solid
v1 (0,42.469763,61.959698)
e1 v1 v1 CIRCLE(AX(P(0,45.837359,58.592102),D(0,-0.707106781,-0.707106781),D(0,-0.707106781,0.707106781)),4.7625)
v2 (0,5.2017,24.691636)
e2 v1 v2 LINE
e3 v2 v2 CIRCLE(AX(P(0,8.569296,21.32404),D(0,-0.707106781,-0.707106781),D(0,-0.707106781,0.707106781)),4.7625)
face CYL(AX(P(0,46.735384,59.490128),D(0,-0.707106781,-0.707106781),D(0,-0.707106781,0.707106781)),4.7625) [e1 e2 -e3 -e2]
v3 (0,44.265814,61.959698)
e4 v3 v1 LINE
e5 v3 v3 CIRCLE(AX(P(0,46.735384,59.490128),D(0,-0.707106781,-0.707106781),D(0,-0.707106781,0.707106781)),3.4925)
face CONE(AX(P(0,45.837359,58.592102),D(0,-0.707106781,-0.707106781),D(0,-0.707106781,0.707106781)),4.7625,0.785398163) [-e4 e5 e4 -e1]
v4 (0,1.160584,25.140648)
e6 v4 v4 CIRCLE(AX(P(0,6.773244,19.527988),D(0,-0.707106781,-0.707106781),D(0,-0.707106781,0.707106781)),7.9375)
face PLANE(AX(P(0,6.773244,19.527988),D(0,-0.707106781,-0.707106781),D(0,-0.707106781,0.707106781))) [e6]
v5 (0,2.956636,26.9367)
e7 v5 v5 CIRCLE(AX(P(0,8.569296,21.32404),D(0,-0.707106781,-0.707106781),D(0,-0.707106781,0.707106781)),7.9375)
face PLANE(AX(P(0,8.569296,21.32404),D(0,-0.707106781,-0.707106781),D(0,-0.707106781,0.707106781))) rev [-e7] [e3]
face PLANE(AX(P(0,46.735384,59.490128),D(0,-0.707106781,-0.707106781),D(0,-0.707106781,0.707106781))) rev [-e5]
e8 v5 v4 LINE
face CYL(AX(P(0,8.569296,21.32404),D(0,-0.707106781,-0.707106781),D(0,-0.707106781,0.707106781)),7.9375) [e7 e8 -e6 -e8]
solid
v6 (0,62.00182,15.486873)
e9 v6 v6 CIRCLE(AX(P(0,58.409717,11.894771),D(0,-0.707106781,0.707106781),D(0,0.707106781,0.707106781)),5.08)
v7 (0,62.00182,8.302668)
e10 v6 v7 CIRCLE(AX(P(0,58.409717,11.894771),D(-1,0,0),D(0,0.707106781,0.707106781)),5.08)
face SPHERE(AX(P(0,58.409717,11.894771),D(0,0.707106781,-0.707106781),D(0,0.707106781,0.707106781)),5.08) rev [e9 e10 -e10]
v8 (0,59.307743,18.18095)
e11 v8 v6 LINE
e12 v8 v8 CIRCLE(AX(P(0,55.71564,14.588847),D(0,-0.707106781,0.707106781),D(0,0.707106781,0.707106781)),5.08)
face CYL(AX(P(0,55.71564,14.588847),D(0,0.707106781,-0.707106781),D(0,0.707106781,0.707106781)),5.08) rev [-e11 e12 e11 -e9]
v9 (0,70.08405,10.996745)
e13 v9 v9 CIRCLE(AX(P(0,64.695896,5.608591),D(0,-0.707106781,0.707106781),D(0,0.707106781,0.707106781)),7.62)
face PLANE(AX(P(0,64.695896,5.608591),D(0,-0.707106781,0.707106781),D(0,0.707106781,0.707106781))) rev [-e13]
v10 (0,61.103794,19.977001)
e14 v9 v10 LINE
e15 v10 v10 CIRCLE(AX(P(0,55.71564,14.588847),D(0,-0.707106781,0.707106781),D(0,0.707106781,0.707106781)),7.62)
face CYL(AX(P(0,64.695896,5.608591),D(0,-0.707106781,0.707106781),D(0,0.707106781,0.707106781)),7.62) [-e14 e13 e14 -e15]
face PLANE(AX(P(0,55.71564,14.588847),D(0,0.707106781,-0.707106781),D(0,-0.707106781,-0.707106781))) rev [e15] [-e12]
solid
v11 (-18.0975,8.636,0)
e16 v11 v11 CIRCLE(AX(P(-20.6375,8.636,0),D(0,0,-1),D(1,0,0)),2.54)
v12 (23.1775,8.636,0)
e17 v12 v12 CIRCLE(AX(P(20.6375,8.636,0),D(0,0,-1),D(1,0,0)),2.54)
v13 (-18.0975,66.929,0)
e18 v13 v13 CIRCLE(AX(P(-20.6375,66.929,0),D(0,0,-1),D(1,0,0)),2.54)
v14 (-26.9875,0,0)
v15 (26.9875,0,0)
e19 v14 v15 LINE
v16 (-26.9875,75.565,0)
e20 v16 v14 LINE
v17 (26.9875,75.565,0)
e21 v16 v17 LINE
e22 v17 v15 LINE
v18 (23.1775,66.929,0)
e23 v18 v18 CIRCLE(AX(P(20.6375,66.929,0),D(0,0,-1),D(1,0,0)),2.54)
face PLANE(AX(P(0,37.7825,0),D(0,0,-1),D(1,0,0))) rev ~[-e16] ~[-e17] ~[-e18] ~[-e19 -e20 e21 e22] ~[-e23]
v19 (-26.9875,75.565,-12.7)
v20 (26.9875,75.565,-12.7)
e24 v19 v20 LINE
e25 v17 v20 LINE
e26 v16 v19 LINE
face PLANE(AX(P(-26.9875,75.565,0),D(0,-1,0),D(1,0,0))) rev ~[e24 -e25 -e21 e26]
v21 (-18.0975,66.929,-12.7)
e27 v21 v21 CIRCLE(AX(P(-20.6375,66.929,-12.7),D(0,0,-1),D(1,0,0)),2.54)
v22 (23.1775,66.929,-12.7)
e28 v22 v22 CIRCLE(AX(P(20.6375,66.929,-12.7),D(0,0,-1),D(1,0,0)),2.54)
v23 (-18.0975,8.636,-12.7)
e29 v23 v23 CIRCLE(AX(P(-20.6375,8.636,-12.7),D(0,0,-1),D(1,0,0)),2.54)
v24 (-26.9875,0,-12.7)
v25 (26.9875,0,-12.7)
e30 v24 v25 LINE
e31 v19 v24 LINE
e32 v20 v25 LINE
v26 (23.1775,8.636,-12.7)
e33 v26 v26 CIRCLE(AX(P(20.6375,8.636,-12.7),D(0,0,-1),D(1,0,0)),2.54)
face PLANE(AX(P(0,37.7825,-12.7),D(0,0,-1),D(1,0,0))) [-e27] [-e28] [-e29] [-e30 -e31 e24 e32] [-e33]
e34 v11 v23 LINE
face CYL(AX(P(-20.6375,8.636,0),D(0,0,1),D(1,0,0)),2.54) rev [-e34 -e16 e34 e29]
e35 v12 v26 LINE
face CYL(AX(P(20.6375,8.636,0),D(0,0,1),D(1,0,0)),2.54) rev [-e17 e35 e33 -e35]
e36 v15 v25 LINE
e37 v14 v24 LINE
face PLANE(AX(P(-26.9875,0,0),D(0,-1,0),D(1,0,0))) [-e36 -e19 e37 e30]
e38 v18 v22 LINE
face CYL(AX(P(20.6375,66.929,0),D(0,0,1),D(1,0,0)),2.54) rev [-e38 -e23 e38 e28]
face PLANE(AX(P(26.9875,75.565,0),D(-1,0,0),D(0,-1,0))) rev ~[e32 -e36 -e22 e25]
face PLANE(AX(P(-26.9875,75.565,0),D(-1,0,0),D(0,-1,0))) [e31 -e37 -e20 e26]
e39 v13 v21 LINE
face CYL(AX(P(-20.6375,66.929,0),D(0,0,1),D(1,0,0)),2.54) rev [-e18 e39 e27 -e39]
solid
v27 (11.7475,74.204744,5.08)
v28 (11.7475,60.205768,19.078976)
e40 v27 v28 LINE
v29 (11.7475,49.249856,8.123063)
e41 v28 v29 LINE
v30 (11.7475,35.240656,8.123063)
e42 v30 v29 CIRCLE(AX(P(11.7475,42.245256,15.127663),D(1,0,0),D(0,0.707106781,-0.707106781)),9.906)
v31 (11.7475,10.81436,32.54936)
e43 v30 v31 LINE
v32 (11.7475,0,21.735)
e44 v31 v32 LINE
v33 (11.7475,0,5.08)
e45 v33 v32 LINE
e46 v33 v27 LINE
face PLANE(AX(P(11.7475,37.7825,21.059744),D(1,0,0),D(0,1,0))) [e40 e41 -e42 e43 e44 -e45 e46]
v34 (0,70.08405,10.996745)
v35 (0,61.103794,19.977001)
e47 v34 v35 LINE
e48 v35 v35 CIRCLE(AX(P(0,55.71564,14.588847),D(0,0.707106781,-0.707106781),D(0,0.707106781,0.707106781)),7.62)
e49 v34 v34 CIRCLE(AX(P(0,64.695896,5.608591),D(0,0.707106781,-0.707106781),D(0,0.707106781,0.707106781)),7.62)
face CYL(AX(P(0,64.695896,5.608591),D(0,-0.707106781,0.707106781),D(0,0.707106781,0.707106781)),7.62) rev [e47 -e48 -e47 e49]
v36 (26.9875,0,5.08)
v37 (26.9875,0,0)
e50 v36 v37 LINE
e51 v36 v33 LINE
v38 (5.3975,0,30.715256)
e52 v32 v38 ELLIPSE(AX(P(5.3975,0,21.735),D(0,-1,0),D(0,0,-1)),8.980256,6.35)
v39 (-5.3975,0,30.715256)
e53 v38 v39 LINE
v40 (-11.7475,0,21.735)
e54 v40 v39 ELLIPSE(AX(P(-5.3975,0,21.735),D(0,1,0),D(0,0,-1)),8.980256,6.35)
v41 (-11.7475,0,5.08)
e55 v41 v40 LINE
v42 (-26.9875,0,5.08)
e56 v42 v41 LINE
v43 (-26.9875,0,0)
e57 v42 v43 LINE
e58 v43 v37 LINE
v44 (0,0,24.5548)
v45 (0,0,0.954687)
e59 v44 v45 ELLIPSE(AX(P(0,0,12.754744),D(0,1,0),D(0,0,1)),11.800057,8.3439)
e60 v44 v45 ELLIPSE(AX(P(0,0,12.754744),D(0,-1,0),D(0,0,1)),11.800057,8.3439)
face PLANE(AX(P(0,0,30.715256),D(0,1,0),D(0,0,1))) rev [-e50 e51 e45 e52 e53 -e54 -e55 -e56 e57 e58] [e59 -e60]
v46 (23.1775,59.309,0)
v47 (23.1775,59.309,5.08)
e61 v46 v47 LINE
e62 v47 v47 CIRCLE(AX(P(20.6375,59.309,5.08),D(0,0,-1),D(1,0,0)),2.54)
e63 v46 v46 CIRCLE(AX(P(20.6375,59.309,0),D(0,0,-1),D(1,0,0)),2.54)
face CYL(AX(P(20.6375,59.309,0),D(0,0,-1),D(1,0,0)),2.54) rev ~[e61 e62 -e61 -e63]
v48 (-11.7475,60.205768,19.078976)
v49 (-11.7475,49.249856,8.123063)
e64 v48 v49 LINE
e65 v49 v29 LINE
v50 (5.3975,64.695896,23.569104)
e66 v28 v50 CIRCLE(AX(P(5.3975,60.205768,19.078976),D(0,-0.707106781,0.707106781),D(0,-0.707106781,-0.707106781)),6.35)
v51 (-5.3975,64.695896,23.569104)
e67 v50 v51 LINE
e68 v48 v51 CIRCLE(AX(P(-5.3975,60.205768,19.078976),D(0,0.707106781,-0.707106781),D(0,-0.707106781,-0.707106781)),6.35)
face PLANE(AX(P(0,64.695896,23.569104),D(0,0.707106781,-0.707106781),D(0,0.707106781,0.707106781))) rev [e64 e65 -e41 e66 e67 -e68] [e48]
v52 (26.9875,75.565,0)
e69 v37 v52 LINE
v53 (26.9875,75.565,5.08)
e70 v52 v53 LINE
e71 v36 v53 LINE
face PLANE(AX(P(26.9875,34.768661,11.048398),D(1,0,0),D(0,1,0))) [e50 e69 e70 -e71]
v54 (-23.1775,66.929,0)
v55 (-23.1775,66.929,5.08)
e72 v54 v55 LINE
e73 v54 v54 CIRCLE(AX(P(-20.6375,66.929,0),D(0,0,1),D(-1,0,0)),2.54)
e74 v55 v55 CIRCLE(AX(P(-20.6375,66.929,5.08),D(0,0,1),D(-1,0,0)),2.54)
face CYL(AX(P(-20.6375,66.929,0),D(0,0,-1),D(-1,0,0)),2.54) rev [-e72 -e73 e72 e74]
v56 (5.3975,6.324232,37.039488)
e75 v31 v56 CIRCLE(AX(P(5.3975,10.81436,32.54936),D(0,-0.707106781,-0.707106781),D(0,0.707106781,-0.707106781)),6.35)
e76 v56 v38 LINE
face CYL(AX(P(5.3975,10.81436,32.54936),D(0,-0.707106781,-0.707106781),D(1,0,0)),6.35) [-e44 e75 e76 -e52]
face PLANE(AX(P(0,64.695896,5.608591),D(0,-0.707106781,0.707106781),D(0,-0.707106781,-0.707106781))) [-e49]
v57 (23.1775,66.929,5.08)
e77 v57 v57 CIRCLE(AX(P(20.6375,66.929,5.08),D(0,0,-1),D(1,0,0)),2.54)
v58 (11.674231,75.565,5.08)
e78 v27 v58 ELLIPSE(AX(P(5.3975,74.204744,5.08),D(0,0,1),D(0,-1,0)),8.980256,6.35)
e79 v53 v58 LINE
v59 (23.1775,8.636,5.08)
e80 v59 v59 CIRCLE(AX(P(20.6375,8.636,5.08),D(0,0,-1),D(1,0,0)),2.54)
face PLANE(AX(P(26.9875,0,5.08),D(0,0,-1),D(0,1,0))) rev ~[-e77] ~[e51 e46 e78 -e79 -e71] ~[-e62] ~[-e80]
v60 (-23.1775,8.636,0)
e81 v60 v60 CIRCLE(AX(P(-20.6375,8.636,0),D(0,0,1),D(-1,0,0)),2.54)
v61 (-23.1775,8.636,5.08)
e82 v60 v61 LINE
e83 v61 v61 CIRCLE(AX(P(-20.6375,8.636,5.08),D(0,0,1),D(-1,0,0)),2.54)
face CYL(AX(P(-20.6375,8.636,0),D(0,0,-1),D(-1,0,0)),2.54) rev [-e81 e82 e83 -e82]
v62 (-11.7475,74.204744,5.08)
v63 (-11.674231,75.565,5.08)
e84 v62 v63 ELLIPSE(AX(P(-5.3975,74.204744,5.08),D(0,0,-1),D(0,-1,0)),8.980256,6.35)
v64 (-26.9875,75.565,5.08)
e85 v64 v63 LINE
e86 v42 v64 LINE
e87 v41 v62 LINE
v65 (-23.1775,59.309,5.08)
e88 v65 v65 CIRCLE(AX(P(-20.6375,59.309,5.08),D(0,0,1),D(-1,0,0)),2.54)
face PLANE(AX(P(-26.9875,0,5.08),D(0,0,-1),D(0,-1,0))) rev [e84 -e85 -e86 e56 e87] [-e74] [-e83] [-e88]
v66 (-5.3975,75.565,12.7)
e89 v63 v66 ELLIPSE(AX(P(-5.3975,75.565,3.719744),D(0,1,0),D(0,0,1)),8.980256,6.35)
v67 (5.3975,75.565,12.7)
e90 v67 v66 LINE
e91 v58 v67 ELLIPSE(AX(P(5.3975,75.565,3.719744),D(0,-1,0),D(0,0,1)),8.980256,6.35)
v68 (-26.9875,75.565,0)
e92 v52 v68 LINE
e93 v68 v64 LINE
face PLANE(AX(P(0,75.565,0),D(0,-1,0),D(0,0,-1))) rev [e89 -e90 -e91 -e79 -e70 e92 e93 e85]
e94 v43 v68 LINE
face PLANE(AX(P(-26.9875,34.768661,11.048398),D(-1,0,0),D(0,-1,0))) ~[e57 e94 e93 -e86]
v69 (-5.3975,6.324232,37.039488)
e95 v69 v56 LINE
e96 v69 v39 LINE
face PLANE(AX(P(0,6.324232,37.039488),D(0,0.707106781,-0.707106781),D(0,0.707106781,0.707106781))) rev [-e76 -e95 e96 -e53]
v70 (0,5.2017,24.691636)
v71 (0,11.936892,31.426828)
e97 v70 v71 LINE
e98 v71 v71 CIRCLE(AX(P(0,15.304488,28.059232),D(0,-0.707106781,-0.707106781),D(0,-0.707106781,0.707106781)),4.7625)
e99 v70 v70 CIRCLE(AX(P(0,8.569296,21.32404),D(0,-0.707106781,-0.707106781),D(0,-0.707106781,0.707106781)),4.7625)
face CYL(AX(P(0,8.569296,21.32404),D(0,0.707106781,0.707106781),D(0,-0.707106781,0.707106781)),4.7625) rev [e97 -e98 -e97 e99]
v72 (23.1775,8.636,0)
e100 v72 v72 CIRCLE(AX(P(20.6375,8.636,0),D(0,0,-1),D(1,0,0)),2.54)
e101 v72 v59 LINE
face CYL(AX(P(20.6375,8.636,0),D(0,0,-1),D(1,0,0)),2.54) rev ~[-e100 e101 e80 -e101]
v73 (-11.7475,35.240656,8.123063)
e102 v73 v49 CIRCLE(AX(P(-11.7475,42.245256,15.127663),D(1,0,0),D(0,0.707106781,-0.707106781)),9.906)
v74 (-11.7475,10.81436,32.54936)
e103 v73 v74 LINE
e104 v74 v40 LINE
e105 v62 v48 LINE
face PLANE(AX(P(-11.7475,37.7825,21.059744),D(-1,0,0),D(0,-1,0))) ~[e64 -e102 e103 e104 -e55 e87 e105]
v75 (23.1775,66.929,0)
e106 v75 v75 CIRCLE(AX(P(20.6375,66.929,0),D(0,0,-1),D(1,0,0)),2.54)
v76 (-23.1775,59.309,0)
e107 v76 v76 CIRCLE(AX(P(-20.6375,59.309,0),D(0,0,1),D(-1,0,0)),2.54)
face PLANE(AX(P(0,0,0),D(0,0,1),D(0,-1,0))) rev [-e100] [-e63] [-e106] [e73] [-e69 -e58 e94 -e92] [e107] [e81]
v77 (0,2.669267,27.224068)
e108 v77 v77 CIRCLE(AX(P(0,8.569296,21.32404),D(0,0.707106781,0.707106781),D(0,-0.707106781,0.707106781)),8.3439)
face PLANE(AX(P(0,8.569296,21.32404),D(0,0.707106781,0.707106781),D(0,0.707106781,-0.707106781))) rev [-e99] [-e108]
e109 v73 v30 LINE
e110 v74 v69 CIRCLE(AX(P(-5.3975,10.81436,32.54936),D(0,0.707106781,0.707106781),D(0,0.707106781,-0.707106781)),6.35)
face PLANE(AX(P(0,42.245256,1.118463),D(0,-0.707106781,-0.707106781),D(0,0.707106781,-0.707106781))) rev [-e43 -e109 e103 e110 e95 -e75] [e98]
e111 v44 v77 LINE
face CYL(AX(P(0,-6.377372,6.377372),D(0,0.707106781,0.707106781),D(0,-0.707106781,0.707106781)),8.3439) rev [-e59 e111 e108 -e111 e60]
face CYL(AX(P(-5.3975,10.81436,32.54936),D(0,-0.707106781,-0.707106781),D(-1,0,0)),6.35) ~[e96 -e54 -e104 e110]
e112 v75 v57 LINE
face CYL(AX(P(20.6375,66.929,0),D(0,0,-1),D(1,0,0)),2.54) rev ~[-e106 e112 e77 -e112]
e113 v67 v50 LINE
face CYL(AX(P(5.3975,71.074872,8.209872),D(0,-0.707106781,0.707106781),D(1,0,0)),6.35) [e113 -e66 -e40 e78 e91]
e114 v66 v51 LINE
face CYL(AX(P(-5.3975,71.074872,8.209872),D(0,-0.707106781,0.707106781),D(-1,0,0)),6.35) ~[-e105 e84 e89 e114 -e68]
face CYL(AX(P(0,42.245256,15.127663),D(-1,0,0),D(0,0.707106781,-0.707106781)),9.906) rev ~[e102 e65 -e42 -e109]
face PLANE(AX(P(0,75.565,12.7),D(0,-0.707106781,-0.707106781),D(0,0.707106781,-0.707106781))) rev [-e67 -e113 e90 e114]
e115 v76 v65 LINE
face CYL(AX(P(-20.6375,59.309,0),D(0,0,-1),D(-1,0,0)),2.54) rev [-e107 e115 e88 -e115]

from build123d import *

# Parameters (mm, degrees)
F1_DEPTH  = 26.9875
F2_R      = 9.906
F3_W      = 75.565
F3_H      = 31.9594877579
F4_DEPTH  = 15.24
F5_R      = 2.54
F6_DEPTH  = 5.08
F11_R     = 6.35
F17_SIZE  = 1.27
F18_W     = 53.975
F18_H     = 75.565
F18_R     = 2.54
F19_DEPTH = 12.7


with BuildPart() as f1:
    # F0 (on Right) → F1 (new body)
    with BuildSketch(Plane.YZ):
        Polygon((0, 30.7152561211), (0, 0), (75.565, 0), (75.565, 12.7), (64.6958964237, 23.5691035763), (42.2452561211, 1.1184632736), (6.3242316368, 37.0394877579), align=None)
    extrude(amount=F1_DEPTH)

    # F2
    f2_edges = [f1.edges().sort_by_distance(p)[0] for p in [
        (13.49375, 42.245256, 1.118463),
    ]]
    fillet(f2_edges, radius=F2_R)

    # F3 (on face) → F4 (cut)
    with BuildSketch(Plane.YZ.offset(26.9875)):
        with Locations((37.7825, 21.0597438789)):
            Rectangle(F3_W, F3_H)
    extrude(amount=-F4_DEPTH, mode=Mode.SUBTRACT)

    # F5 (on face) → F6 (cut, through all)
    with BuildSketch(Plane(origin=(0, 0, 0), x_dir=(1, 0, 0), z_dir=(0, 0, -1))):
        with Locations((20.6375, -8.636)):
            Circle(F5_R)
        with Locations((20.6375, -59.309)):
            Circle(F5_R)
        with Locations((20.6375, -66.929)):
            Circle(F5_R)
    extrude(amount=-F6_DEPTH, mode=Mode.SUBTRACT)

    # F7 (on face) → F8 (revolve, cut)
    with BuildSketch(Plane(origin=(0, 0, 0), x_dir=(0, -1, 0), z_dir=(-1, 0, 0))):
        Polygon((-5.2016996217, 24.6916355914), (-11.9368917125, 31.4268276822), (-15.3044877579, 28.0592316368), (6.3773719395, 6.3773719395), (12.277400211, 12.277400211), (-2.6692673955, 27.2240678175), align=None)
    revolve(axis=Axis((0, 4.4635579092, 17.2183017881), (0, 0.7071067812, 0.7071067812)), mode=Mode.SUBTRACT)

    # F11
    f11_edges = [f1.edges().sort_by_distance(p)[0] for p in [
        (11.7475, 70.130448, 18.134552),
        (11.7475, 3.162116, 33.877372),
    ]]
    fillet(f11_edges, radius=F11_R)

    # F12 (on Right) → F13 (revolve, cut)
    with BuildSketch(Plane.YZ):
        Polygon((70.0840500964, 10.9967450068), (61.1037939753, 19.9770011278), (55.7156403027, 14.5888474552), (64.6958964237, 5.6085913341), align=None)
    revolve(axis=Axis((0, 60.2057683632, 10.0987193947), (0, -0.7071067812, 0.7071067812)), mode=Mode.SUBTRACT)

    # F16: F1 across plane


with BuildPart() as f10:
    # F9 (on Right) → F10 (revolve)
    with BuildSketch(Plane.YZ):
        Polygon((5.2016996217, 24.6916355914), (2.9566355914, 26.9366996217), (1.1605843672, 25.1406483974), (6.7732444428, 19.5279883218), (46.7353841816, 59.4901280605), (43.3677881362, 62.8577241059), align=None)
    revolve(axis=Axis((0, 26.7543143122, 39.5090581912), (0, -0.7071067812, -0.7071067812)))

    # F17
    f17_edges = [f10.edges().sort_by_distance(p)[0] for p in [
        (0, 50.10298, 56.122532),
    ]]
    chamfer(f17_edges, length=F17_SIZE)


with BuildPart() as f15:
    # F14 (on Right) → F15 (revolve)
    with BuildSketch(Plane.YZ):
        with BuildLine():
            Line((70.0840500964, 10.9967450068), (61.1037939753, 19.9770011278))
            Line((61.1037939753, 19.9770011278), (59.3077427511, 18.1809499036))
            Line((59.3077427511, 18.1809499036), (62.0018195874, 15.4868730673))
            ThreePointArc((62.0018195874, 15.4868730673), (63.489717139, 11.8947706189), (62.0018195874, 8.3026681704))
            Line((62.0018195874, 8.3026681704), (64.6958964237, 5.6085913341))
            Line((64.6958964237, 5.6085913341), (70.0840500964, 10.9967450068))
        make_face()
    revolve(axis=Axis((0, 40.0001920908, 30.3042956671), (0, -0.7071067812, 0.7071067812)))


with BuildPart() as f1_1:
    add(f1.part)
    add(f1.part.mirror(Plane.YZ))


with BuildPart() as f19:
    # F18 (on face) → F19 (new body)
    with BuildSketch(Plane(origin=(0, 0, 0), x_dir=(1, 0, 0), z_dir=(0, 0, -1))):
        with Locations((0, -37.7825)):
            Rectangle(F18_W, F18_H)
        with Locations((-20.6375, -66.929)):
            Circle(F18_R, mode=Mode.SUBTRACT)
        with Locations((20.6375, -66.929)):
            Circle(F18_R, mode=Mode.SUBTRACT)
        with Locations((-20.6375, -8.636)):
            Circle(F18_R, mode=Mode.SUBTRACT)
        with Locations((20.6375, -8.636)):
            Circle(F18_R, mode=Mode.SUBTRACT)
    extrude(amount=F19_DEPTH)


solid = Compound([f10.part, f15.part, f1_1.part, f19.part])
